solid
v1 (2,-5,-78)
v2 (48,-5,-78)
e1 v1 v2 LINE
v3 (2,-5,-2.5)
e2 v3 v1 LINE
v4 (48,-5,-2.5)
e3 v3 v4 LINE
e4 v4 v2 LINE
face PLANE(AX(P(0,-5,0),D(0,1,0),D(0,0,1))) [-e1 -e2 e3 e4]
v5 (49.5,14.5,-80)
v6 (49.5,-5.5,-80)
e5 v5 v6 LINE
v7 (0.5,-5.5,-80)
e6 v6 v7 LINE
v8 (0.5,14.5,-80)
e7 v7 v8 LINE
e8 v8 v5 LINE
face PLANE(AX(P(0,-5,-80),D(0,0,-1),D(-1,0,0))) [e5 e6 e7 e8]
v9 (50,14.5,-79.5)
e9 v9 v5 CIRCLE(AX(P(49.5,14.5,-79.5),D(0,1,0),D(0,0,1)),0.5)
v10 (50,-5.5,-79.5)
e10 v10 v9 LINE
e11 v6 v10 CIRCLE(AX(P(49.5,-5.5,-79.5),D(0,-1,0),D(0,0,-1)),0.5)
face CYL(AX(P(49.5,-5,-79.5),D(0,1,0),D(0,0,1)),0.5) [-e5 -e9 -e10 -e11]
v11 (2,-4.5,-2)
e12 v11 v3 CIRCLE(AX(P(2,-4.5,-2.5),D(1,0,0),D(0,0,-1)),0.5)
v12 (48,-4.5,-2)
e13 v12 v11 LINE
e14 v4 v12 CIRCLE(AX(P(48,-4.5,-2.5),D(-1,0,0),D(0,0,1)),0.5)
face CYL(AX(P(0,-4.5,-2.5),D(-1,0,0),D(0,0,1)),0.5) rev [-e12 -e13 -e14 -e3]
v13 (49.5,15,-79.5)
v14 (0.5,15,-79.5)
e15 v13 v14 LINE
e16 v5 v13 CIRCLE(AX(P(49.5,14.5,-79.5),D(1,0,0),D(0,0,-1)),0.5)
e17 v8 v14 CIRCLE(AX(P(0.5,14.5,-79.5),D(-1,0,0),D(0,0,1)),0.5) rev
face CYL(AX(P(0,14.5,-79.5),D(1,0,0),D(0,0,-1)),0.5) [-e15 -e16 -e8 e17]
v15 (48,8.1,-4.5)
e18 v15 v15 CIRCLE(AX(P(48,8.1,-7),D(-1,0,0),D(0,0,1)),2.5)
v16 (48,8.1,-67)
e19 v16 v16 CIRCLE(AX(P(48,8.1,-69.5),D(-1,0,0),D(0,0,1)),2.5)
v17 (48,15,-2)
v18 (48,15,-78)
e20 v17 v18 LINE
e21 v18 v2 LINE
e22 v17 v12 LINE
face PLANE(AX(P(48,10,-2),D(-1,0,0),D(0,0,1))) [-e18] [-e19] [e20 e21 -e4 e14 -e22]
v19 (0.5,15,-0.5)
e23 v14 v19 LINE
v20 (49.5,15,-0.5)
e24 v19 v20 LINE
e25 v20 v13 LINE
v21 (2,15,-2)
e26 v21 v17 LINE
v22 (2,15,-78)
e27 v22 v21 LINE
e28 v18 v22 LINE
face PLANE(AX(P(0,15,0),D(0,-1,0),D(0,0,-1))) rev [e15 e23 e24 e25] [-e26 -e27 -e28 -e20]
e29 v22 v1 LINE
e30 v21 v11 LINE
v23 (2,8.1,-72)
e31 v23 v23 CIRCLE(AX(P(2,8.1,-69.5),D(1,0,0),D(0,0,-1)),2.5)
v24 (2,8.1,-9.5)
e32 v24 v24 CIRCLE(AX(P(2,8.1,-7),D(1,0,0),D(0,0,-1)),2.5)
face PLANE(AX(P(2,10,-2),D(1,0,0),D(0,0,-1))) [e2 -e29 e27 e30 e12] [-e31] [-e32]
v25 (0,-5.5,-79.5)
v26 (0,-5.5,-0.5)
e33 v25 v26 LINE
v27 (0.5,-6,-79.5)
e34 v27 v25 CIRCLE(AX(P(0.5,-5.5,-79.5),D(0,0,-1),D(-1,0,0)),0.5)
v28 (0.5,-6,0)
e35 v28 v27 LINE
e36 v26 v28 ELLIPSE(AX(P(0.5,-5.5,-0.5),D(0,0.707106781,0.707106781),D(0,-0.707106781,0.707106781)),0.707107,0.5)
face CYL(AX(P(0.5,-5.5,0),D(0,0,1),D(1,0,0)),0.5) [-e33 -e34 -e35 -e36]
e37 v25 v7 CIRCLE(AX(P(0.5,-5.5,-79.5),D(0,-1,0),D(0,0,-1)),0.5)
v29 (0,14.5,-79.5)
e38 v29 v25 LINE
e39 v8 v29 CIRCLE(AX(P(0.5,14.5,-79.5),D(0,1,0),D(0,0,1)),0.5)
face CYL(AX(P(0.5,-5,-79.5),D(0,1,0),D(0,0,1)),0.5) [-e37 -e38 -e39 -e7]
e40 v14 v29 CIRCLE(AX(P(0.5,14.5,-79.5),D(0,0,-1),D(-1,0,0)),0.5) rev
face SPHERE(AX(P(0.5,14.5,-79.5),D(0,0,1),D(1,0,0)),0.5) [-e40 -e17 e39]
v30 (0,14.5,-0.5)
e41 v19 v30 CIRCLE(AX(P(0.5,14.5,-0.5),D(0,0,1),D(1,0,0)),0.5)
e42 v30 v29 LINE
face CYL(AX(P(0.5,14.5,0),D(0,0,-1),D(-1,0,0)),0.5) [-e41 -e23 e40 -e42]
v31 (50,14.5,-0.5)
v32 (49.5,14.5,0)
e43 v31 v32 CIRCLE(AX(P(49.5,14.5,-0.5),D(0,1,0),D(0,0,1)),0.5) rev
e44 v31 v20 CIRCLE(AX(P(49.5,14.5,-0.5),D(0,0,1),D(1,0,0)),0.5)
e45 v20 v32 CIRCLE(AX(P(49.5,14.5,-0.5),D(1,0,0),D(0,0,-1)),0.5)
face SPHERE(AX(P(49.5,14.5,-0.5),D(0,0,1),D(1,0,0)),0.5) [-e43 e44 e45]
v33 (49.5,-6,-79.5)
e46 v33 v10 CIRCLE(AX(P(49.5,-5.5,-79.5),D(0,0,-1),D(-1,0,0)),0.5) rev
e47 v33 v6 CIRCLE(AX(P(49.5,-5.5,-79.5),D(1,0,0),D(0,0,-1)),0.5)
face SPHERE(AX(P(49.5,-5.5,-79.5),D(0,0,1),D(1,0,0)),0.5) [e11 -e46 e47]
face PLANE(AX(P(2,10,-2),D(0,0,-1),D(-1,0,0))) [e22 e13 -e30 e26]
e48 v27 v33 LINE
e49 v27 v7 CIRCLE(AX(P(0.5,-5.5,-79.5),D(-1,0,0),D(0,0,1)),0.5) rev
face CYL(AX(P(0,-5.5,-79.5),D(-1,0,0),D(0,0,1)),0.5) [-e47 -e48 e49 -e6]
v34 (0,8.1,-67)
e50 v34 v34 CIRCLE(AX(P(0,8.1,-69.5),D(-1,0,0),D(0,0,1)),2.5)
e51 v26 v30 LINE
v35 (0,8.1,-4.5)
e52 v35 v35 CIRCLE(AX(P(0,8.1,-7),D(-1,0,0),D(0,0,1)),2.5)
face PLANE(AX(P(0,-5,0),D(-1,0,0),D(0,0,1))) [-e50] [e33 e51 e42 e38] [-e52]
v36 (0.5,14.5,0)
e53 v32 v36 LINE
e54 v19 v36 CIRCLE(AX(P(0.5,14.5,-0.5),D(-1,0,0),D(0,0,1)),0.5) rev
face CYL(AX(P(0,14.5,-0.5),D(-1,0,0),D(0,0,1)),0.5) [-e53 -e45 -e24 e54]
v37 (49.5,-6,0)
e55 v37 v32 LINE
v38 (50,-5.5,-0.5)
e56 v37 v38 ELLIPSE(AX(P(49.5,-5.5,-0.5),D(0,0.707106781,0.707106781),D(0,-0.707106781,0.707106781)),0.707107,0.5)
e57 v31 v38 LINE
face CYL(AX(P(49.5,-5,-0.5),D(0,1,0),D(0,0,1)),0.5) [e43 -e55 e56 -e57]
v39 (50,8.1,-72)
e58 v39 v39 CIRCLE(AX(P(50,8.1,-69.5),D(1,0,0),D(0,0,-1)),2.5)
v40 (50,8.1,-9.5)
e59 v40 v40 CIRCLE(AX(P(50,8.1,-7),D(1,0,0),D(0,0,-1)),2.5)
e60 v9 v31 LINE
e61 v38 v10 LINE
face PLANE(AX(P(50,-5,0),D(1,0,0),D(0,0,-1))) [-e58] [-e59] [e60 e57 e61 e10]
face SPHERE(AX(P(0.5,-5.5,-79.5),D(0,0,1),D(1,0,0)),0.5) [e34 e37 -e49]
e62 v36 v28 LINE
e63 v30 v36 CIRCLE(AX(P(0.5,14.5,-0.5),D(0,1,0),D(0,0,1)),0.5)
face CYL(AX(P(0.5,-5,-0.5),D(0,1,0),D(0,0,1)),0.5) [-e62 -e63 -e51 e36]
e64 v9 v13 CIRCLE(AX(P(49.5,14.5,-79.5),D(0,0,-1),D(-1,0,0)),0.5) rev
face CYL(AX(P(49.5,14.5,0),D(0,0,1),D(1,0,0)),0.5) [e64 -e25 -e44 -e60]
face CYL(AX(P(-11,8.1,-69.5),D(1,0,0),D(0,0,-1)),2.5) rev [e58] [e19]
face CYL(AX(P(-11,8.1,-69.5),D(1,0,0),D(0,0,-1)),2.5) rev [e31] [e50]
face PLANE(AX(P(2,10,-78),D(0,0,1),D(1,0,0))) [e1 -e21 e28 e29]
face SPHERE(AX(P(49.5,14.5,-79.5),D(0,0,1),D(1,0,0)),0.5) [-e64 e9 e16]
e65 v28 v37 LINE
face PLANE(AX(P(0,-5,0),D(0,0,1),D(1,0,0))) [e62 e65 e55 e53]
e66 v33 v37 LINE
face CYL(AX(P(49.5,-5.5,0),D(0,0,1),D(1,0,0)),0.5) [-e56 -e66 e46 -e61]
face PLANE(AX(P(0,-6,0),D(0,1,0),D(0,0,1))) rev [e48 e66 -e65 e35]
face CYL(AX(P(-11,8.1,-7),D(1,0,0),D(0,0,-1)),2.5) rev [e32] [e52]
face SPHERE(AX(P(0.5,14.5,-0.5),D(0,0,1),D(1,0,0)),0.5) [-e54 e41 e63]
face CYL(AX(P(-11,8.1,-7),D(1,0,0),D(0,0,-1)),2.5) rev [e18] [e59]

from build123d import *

# Parameters (mm, degrees)
SKETCH1_W           = 50
SKETCH1_H           = 80
SKETCH1_W_2         = 46
SKETCH1_H_2         = 76
BOSS_EXTRUDE1_DEPTH = 5
SKETCH1_2_W         = 46
SKETCH1_2_H         = 76
BOSS_EXTRUDE2_DEPTH = 5
SKETCH1_3_W         = 50
SKETCH1_3_H         = 80
SKETCH1_3_W_2       = 46
SKETCH1_3_H_2       = 76
BOSS_EXTRUDE3_DEPTH = 10
SKETCH1_4_W         = 46
SKETCH1_4_H         = 76
CUT_EXTRUDE2_DEPTH  = 49
SKETCH3_R           = 2.5
CUT_EXTRUDE3_DEPTH  = 49
BOSS_EXTRUDE4_START = -5
SKETCH1_5_W         = 46
SKETCH1_5_H         = 76
BOSS_EXTRUDE4_DEPTH = 1
BOSS_EXTRUDE5_START = -5
SKETCH1_6_W         = 50
SKETCH1_6_H         = 80
SKETCH1_6_W_2       = 46
SKETCH1_6_H_2       = 76
BOSS_EXTRUDE5_DEPTH = 1
SKETCH1_7_W         = 50
SKETCH1_7_H         = 80
SKETCH1_7_W_2       = 46
SKETCH1_7_H_2       = 76
BOSS_EXTRUDE6_DEPTH = 15
SKETCH3_2_R         = 2.5
CUT_EXTRUDE4_DEPTH  = 61
FILLET1_R           = 0.5


with BuildPart() as part:
    # Sketch1 → Boss-Extrude1 (new body)
    with BuildSketch(Plane(origin=(0, 0, 0), x_dir=(1, 0, 0), z_dir=(0, 1, 0))):
        with Locations((25, 40)):
            Rectangle(SKETCH1_W, SKETCH1_H)
        with Locations((25, 40)):
            Rectangle(SKETCH1_W_2, SKETCH1_H_2, mode=Mode.SUBTRACT)
    extrude(amount=-BOSS_EXTRUDE1_DEPTH)

    # Sketch1<2> → Boss-Extrude2 (add)
    with BuildSketch(Plane(origin=(0, 0, 0), x_dir=(1, 0, 0), z_dir=(0, 1, 0))):
        with Locations((25, 40)):
            Rectangle(SKETCH1_2_W, SKETCH1_2_H)
    extrude(amount=-BOSS_EXTRUDE2_DEPTH)

    # Sketch1<3> → Boss-Extrude3 (add)
    with BuildSketch(Plane(origin=(0, 0, 0), x_dir=(1, 0, 0), z_dir=(0, 1, 0))):
        with Locations((25, 40)):
            Rectangle(SKETCH1_3_W, SKETCH1_3_H)
        with Locations((25, 40)):
            Rectangle(SKETCH1_3_W_2, SKETCH1_3_H_2, mode=Mode.SUBTRACT)
    extrude(amount=BOSS_EXTRUDE3_DEPTH)

    # Sketch1<4> → Cut-Extrude2 (cut)
    with BuildSketch(Plane(origin=(0, 0, 0), x_dir=(1, 0, 0), z_dir=(0, 1, 0))):
        with Locations((25, 40)):
            Rectangle(SKETCH1_4_W, SKETCH1_4_H)
    extrude(amount=-CUT_EXTRUDE2_DEPTH, mode=Mode.SUBTRACT)

    # Sketch3 → Cut-Extrude3 (cut)
    with BuildSketch(Plane(origin=(50, 0, 0), x_dir=(0, 0, -1), z_dir=(1, 0, 0))):
        with Locations((7, 8.1)):
            Circle(SKETCH3_R)
        with Locations((69.5, 8.1)):
            Circle(SKETCH3_R)
    extrude(amount=-CUT_EXTRUDE3_DEPTH, mode=Mode.SUBTRACT)



with BuildPart() as body_2:
    # Sketch1<5> → Boss-Extrude4 (new body)
    with BuildSketch(Plane(origin=(0, 0, 0), x_dir=(1, 0, 0), z_dir=(0, 1, 0)).offset(BOSS_EXTRUDE4_START)):
        with Locations((25, 40)):
            Rectangle(SKETCH1_5_W, SKETCH1_5_H)
    extrude(amount=-BOSS_EXTRUDE4_DEPTH)


with BuildPart() as part_1:
    add(part.part)

    add(body_2.part)  # Boss-Extrude5 merges body 2
    # Sketch1<6> → Boss-Extrude5 (add)
    with BuildSketch(Plane(origin=(0, 0, 0), x_dir=(1, 0, 0), z_dir=(0, 1, 0)).offset(BOSS_EXTRUDE5_START)):
        with Locations((25, 40)):
            Rectangle(SKETCH1_6_W, SKETCH1_6_H)
        with Locations((25, 40)):
            Rectangle(SKETCH1_6_W_2, SKETCH1_6_H_2, mode=Mode.SUBTRACT)
    extrude(amount=-BOSS_EXTRUDE5_DEPTH)

    # Sketch1<7> → Boss-Extrude6 (add)
    with BuildSketch(Plane(origin=(0, 0, 0), x_dir=(1, 0, 0), z_dir=(0, 1, 0))):
        with Locations((25, 40)):
            Rectangle(SKETCH1_7_W, SKETCH1_7_H)
        with Locations((25, 40)):
            Rectangle(SKETCH1_7_W_2, SKETCH1_7_H_2, mode=Mode.SUBTRACT)
    extrude(amount=BOSS_EXTRUDE6_DEPTH)

    # Sketch3<2> → Cut-Extrude4 (cut)
    with BuildSketch(Plane(origin=(50, 0, 0), x_dir=(0, 0, -1), z_dir=(1, 0, 0))):
        with Locations((7, 8.1)):
            Circle(SKETCH3_2_R)
        with Locations((69.5, 8.1)):
            Circle(SKETCH3_2_R)
    extrude(amount=-CUT_EXTRUDE4_DEPTH, mode=Mode.SUBTRACT)

    # Fillet1
    fillet1_edges = [part_1.edges().sort_by_distance(p)[0] for p in [
        (50, -6, -40),
        (0, -6, -40),
        (25, -6, -80),
        (25, -5, -2),
        (0, 15, -40),
        (25, 15, 0),
        (50, 15, -40),
        (25, 15, -80),
        (0, 4.5, -80),
        (50, 4.5, -80),
        (50, 4.5, 0),
        (0, 4.5, 0),
    ]]
    fillet(fillet1_edges, radius=FILLET1_R)


solid = part_1.part
